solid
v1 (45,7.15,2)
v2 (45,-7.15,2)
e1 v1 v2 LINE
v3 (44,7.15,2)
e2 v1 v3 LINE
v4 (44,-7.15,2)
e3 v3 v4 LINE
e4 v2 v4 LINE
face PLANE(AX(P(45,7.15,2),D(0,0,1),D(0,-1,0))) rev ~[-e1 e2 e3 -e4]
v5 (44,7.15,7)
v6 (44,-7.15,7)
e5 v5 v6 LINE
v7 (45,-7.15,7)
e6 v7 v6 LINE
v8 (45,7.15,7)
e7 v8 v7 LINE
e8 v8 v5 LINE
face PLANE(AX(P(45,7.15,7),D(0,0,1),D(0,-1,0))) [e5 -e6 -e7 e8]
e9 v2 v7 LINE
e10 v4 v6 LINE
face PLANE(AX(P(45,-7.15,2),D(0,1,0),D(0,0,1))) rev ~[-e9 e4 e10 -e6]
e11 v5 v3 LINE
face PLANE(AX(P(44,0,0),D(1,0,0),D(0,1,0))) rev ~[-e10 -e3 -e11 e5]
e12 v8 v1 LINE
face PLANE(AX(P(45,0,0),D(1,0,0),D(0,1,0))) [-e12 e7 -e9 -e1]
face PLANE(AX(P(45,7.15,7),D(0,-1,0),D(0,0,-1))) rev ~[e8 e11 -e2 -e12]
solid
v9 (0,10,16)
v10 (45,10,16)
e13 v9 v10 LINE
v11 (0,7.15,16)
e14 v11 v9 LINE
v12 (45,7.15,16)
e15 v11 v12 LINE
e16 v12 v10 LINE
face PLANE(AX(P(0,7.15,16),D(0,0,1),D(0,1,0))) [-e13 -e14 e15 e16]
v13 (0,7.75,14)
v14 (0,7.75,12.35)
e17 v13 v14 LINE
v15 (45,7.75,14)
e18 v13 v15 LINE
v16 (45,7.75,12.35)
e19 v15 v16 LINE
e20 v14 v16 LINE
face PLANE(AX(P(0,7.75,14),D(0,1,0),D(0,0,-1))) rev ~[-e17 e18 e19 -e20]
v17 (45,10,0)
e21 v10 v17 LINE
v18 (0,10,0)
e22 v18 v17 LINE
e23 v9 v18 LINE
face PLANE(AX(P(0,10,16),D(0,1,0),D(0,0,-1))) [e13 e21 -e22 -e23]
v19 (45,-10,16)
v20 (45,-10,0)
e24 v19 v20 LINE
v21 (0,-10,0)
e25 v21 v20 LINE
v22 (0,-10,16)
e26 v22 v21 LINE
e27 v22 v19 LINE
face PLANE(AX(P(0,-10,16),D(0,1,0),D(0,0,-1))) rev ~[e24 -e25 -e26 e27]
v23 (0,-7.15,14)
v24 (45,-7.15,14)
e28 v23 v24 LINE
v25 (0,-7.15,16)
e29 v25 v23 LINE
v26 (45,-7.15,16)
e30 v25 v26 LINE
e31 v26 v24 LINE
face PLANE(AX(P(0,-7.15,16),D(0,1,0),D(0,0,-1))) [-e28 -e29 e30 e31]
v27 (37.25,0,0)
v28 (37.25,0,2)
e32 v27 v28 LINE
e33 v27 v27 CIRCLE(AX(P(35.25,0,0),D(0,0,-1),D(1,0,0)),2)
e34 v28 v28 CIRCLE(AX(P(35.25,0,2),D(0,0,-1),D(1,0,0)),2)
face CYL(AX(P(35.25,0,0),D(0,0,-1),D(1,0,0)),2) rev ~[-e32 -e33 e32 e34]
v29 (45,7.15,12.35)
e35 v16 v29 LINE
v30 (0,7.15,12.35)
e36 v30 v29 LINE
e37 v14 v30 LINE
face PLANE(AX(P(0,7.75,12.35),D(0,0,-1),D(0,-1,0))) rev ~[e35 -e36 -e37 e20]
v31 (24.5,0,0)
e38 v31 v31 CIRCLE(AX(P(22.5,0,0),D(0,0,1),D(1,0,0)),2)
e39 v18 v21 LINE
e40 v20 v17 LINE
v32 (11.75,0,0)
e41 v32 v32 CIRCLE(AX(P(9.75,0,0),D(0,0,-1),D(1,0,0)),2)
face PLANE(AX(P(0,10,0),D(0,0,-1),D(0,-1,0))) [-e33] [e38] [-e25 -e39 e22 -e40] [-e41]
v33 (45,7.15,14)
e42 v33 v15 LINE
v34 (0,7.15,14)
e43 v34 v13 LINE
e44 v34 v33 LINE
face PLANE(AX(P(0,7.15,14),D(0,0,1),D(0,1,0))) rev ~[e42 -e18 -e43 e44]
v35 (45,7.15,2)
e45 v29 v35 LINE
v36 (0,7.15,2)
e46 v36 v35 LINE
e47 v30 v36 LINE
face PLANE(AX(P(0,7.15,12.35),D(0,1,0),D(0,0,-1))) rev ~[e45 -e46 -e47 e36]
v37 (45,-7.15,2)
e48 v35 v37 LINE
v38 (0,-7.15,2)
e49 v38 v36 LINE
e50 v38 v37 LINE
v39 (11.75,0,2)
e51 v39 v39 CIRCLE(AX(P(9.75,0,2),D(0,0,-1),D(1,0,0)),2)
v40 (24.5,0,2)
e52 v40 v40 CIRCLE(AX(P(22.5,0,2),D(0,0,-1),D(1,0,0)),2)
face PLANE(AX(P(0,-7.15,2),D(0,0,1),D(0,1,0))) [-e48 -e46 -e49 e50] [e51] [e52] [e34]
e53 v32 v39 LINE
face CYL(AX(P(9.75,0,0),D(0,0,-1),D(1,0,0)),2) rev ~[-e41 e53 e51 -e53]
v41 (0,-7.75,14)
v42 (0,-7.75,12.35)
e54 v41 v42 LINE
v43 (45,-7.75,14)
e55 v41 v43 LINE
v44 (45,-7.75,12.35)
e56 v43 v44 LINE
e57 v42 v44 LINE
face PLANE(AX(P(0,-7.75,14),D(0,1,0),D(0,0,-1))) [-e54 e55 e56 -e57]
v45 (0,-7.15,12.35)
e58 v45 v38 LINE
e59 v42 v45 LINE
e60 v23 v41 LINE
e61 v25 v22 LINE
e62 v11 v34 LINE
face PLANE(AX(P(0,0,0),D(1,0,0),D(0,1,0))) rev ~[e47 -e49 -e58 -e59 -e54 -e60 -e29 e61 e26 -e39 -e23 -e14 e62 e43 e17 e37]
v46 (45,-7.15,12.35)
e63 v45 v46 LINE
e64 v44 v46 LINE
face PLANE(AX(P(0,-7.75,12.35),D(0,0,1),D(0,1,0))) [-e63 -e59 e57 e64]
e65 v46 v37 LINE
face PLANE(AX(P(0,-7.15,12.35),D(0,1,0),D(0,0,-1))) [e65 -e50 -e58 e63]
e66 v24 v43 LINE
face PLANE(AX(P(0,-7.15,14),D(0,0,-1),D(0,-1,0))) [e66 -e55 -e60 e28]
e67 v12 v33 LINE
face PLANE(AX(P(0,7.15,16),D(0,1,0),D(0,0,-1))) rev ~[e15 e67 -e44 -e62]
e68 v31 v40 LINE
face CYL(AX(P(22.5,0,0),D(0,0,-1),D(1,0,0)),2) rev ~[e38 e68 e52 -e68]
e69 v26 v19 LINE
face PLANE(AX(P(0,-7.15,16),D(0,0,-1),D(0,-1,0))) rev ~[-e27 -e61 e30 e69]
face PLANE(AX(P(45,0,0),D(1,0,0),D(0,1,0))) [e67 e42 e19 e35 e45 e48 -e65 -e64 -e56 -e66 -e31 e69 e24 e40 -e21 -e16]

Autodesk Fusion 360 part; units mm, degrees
sketch "Main Body" plane through (0, 0, 0) normal (1, 0, 0) x (0, 1, 0)
  line L0 (7.15, 16) -> (10, 16)
  line L1 (10, 16) -> (10, 0)
  line L2 (10, 0) -> (0, 0)
  line L3 (7.15, 16) -> (7.15, 14)
  line L4 (7.15, 14) -> (7.75, 14)
  line L5 (7.75, 14) -> (7.75, 12.35)
  line L6 (7.75, 12.35) -> (7.15, 12.35)
  line L7 (7.15, 12.35) -> (7.15, 2)
  line L8 (7.15, 2) -> (0, 2)
  line L9 (0, 16.5) -> (0, -3.5) construction
  line L10 (-10, 16) -> (-10, 0)
  line L11 (-7.15, 14) -> (-7.75, 14)
  line L12 (-7.75, 12.35) -> (-7.15, 12.35)
  line L13 (-10, 0) -> (0, 0)
  line L14 (-7.15, 12.35) -> (-7.15, 2)
  line L15 (-7.75, 14) -> (-7.75, 12.35)
  line L16 (-7.15, 2) -> (0, 2)
  line L17 (-7.15, 16) -> (-7.15, 14)
  line L18 (-7.15, 16) -> (-10, 16)
  point P0 (0, 16.5)
  point P1 (0, -3.5)
  dimension "d1" = 14
  dimension "d3" = 7.75
  dimension "d4" = 2
  dimension "d5" = 0.6
  dimension "d6" = 0.6
  dimension "d7" = 1.65
  dimension "d25" = 10
  dimension "d26" = 2
extrude "Extrude1" add sketch "Main Body" along normal blind 45 makes body 1
sketch "Mounting Hole" plane through (0, 0, 0) normal (0, 0, -1) x (1, 0, 0)
  line L0 (0, 10) -> (0, -10)
  line L1 (0, -10) -> (45, -10)
  line L2 (45, -10) -> (45, 10)
  line L3 (45, 10) -> (0, 10)
  line L4 (0, -10) -> (45, 10) construction
  line L5 (45, -10) -> (0, 10) construction
  circle A0 centre (22.5, 0) radius 2
  dimension "d10" = 4
extrude "Extrude2" cut sketch "Mounting Hole" against normal up to surface (2 mm away) contours A0 bodies 1
sketch "Sketch7" plane through (45, 0, 0) normal (1, 0, 0) x (0, 1, 0)
  line L0 (-7.15, 14) -> (-7.15, 16)
  line L1 (-7.15, 16) -> (-10, 16)
  line L2 (-10, 16) -> (-10, 0)
  line L3 (-10, 0) -> (10, 0)
  line L4 (10, 0) -> (10, 16)
  line L5 (10, 16) -> (7.15, 16)
  line L6 (7.15, 16) -> (7.15, 14)
  line L7 (7.15, 14) -> (7.75, 14)
  line L8 (7.75, 14) -> (7.75, 12.35)
  line L9 (7.75, 12.35) -> (7.15, 12.35)
  line L10 (7.15, 12.35) -> (7.15, 2)
  line L11 (7.15, 2) -> (-7.15, 2)
  line L12 (-7.15, 2) -> (-7.15, 12.35)
  line L13 (-7.15, 12.35) -> (-7.75, 12.35)
  line L14 (-7.75, 12.35) -> (-7.75, 14)
  line L15 (-7.75, 14) -> (-7.15, 14)
  line L16 (-7.15, 2) -> (7.15, 2)
  line L17 (7.15, 2) -> (7.15, 7)
  line L18 (7.15, 7) -> (-7.15, 7)
  line L19 (-7.15, 7) -> (-7.15, 2)
  dimension "d29" = 5
extrude "Extrude5" add sketch "Sketch7" against normal blind 1 separate body contours L10 L11 L12 L16 L17 L18 L19 makes body 2
pattern_linear "R-Pattern2" count 3 spacing 12.75 along (1, 0, 0) both ways of "Extrude2"
equation "d6 = d5"
equation "d8 = HolderLength"
equation "HolderLength = LargeHolder"
equation "SmallHolder = 23 mm"
equation "LargeHolder = 45 mm"
